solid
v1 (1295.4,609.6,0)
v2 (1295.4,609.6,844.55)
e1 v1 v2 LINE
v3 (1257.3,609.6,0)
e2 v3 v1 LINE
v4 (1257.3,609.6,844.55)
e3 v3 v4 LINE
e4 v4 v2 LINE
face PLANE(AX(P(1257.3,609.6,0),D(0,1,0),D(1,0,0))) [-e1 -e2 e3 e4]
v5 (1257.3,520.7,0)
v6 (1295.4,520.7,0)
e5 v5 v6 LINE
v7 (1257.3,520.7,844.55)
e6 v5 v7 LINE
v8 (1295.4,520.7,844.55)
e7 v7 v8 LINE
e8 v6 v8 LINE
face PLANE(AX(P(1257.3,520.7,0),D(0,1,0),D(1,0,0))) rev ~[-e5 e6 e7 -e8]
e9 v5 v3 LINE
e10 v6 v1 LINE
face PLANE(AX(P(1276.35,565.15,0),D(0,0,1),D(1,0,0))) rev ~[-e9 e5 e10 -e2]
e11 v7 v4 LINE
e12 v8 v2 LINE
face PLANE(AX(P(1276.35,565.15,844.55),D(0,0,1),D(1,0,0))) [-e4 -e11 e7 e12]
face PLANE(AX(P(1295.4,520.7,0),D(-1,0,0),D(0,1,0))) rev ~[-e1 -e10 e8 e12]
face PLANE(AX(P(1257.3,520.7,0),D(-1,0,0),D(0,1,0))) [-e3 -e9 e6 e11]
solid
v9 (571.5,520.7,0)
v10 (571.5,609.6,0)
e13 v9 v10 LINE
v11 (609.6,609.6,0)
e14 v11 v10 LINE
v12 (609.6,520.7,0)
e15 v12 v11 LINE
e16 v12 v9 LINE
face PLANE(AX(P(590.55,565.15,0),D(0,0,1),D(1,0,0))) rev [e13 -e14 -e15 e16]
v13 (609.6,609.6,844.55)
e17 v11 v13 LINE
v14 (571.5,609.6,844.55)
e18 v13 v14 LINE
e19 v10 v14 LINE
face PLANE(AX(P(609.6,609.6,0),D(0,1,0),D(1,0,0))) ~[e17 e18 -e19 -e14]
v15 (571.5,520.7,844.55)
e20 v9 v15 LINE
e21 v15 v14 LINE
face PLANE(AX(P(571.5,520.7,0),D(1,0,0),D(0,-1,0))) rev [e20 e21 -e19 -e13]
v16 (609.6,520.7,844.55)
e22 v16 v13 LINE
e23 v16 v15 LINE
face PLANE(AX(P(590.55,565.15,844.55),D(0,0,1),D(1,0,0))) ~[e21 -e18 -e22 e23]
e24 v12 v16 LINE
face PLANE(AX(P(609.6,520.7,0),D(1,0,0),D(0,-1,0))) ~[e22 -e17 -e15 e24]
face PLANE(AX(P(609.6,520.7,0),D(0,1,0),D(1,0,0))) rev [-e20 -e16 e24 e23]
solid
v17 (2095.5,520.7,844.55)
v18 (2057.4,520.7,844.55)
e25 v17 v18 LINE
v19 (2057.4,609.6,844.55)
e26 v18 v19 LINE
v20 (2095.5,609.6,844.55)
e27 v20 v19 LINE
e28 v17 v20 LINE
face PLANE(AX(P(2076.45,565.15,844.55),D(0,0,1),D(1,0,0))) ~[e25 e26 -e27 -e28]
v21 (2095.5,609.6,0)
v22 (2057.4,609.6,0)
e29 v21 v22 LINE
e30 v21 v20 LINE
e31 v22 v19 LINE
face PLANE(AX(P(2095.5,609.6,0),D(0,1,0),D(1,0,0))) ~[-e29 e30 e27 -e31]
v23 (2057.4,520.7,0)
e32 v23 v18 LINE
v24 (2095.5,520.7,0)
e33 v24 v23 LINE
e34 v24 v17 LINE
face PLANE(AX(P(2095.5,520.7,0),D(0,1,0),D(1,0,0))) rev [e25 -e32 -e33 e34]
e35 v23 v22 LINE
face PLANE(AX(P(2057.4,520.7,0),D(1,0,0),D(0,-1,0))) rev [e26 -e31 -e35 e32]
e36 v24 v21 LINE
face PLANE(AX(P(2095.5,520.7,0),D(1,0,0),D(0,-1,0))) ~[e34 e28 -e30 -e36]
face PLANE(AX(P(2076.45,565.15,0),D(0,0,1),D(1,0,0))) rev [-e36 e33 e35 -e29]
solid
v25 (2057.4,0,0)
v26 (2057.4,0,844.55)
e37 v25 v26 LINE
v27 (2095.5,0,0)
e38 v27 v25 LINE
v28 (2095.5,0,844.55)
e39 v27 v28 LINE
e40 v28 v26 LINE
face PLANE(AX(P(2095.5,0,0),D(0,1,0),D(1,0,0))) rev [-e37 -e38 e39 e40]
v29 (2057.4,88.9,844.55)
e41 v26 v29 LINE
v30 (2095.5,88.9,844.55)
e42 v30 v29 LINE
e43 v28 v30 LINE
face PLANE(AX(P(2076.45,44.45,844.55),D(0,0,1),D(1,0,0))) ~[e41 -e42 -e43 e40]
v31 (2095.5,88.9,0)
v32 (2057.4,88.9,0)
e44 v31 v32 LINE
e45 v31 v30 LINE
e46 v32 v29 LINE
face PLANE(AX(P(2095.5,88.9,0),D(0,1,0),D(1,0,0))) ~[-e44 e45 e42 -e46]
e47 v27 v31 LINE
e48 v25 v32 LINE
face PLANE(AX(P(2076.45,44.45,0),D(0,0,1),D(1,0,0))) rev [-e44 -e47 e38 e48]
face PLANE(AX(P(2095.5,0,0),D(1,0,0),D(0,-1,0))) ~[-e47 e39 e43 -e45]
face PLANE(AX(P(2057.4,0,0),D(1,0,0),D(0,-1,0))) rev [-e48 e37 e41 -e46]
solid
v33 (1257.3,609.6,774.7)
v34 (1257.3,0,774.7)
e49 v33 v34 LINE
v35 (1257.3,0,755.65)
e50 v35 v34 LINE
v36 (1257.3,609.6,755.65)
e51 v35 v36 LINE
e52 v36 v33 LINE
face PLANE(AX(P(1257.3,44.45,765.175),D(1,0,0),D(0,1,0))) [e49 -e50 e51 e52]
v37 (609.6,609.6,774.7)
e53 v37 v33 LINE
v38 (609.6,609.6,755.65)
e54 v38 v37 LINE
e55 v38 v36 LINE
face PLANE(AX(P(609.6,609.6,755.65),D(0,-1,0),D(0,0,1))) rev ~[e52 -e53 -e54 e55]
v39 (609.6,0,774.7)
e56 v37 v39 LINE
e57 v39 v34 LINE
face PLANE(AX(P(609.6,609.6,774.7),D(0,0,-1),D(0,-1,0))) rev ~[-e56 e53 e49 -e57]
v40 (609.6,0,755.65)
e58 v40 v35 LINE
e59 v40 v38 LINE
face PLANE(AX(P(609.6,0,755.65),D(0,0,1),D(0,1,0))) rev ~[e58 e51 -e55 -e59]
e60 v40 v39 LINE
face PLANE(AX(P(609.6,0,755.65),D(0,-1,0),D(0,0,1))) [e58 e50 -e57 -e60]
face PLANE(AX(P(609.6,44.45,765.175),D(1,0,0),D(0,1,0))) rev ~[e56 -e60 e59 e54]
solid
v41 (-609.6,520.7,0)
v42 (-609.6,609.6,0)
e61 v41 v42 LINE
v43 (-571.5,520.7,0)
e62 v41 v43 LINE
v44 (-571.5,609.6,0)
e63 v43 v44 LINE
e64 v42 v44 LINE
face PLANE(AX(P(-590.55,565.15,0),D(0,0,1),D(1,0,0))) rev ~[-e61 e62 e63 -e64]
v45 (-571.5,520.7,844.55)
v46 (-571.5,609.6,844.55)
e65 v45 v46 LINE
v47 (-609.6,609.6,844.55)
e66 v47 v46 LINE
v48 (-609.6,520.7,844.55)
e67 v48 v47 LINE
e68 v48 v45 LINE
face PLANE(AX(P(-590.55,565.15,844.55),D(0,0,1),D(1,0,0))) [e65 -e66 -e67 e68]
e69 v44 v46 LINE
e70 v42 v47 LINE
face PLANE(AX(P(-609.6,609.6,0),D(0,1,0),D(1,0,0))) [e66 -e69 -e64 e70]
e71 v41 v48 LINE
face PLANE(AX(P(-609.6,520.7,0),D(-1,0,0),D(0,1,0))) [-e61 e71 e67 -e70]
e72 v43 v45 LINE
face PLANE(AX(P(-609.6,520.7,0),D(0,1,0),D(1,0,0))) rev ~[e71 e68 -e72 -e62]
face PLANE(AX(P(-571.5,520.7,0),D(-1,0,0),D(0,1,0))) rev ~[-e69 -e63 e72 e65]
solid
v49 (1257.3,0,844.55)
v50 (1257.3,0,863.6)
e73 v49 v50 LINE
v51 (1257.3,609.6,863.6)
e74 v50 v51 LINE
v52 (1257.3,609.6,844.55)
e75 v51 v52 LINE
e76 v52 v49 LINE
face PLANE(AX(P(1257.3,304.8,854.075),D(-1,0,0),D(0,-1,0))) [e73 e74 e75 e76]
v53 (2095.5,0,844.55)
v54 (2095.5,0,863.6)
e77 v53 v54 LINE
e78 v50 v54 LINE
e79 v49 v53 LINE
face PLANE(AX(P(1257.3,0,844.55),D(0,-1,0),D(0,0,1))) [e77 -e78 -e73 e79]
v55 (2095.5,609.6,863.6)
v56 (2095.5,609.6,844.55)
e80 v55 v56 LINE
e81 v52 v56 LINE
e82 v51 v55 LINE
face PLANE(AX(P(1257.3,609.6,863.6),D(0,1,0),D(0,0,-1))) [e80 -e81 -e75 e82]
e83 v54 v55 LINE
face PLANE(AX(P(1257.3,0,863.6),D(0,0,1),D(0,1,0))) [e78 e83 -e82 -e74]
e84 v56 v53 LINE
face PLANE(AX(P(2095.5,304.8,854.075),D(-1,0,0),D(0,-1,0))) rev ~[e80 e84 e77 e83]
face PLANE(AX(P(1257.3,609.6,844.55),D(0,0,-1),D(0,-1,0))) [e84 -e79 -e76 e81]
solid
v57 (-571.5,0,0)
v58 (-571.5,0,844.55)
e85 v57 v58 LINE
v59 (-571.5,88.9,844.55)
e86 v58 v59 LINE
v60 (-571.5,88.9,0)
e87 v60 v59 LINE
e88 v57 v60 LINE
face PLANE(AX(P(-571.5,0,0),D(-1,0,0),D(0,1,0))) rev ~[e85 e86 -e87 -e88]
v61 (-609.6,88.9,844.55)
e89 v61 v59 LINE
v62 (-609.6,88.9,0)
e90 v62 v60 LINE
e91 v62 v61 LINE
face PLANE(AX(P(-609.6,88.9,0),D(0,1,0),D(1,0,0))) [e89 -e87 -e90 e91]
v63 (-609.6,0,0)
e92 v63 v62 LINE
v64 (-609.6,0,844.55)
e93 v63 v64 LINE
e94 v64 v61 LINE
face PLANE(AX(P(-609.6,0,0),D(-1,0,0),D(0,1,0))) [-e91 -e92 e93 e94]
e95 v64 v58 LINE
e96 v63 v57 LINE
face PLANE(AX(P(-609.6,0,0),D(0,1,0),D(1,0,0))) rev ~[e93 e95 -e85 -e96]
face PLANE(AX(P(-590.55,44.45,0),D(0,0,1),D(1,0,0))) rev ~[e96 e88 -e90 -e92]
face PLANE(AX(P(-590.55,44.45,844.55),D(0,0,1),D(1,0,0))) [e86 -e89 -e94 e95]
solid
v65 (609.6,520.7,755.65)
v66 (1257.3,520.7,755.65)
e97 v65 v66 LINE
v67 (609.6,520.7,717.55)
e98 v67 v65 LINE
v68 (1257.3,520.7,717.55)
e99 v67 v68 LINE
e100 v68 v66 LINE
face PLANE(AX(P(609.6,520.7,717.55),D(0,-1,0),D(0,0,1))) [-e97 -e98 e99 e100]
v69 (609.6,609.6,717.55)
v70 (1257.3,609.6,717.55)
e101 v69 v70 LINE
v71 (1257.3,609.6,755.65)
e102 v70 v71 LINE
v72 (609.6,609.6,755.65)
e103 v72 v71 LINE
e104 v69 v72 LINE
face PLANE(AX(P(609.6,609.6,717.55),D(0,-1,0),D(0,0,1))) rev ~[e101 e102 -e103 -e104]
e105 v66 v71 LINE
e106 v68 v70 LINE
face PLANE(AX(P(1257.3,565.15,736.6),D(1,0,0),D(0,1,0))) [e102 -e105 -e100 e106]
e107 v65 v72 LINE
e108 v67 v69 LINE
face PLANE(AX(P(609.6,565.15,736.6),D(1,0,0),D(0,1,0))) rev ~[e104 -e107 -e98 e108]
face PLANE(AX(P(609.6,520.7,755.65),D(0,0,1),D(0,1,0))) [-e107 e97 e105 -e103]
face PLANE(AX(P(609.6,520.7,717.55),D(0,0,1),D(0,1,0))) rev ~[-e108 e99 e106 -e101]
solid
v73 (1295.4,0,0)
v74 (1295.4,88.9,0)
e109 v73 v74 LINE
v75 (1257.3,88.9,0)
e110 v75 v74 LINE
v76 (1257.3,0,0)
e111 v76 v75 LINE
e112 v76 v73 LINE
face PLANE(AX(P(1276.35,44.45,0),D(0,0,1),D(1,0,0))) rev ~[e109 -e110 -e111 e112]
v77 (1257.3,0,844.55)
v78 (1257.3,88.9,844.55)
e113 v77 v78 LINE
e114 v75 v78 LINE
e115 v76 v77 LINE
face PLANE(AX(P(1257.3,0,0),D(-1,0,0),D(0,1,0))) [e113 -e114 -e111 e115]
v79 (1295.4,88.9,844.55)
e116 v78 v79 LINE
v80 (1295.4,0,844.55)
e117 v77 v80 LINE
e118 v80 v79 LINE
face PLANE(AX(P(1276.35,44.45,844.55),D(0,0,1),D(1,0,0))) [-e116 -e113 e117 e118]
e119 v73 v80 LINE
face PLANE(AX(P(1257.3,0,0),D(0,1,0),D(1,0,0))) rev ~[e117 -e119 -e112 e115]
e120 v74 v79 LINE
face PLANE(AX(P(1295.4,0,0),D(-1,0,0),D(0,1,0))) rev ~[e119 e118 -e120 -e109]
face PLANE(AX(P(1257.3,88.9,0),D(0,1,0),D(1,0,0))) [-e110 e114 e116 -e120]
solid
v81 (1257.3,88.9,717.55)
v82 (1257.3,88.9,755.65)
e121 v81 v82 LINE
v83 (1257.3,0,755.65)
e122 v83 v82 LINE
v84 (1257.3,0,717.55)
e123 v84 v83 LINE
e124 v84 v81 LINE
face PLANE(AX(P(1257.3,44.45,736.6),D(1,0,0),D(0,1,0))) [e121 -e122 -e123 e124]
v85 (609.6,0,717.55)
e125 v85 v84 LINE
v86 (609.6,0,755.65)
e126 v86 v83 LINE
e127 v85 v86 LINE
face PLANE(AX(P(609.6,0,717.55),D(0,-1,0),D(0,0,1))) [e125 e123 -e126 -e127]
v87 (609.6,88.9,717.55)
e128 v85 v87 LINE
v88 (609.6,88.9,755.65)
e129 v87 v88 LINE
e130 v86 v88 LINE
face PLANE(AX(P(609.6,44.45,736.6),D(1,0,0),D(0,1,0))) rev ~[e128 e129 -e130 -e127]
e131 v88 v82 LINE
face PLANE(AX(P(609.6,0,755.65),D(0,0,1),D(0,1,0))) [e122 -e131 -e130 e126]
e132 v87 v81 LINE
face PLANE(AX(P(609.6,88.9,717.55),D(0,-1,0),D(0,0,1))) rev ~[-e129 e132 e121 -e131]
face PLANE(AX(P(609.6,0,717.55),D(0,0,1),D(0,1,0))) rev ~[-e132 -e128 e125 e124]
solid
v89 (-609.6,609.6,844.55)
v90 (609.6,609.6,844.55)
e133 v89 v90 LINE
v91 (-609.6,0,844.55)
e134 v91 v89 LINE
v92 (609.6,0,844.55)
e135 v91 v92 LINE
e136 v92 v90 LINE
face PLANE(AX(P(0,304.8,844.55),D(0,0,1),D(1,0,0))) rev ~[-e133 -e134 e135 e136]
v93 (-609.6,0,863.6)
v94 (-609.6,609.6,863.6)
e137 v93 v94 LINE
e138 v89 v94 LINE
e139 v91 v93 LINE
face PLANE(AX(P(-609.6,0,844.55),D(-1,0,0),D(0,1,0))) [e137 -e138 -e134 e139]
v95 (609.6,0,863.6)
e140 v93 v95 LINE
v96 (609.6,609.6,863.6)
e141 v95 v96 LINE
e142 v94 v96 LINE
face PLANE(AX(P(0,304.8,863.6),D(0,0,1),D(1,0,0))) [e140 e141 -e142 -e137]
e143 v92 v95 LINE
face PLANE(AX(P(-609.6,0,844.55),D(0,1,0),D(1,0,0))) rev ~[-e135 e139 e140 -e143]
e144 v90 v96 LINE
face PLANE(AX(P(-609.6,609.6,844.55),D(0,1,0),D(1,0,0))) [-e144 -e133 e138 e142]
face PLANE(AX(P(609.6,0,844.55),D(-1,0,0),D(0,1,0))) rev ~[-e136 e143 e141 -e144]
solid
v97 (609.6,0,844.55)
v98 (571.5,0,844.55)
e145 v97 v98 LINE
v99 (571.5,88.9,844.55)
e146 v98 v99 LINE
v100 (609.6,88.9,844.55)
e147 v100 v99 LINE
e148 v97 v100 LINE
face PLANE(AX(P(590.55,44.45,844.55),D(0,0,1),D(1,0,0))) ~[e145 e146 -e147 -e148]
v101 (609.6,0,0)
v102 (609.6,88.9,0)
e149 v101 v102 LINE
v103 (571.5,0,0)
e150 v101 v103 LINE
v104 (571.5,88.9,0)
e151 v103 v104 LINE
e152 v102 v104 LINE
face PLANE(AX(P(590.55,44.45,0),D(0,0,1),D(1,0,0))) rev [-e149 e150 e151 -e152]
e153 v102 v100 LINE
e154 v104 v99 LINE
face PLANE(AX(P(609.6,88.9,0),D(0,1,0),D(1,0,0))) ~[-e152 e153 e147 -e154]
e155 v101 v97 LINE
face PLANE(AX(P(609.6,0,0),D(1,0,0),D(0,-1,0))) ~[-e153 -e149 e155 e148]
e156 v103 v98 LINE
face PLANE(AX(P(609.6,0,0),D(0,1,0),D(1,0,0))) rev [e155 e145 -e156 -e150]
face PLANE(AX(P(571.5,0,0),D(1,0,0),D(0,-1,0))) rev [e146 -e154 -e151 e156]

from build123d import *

# Parameters (mm, degrees)
F0_W      = 38.1
F0_H      = 88.9
F1_DEPTH  = 844.55
F4_W      = 1219.2
F4_H      = 609.6
F5_DEPTH  = 19.05
F6_W      = 88.9
F6_H      = 38.1
F7_DEPTH  = 647.7
F6_H_2    = 19.05
F6_W_2    = 431.8
F8_DEPTH  = 647.7
F15_DEPTH = 838.1999999997


with BuildPart() as f1:
    # F0 (on Top) → F1 (new body)
    with BuildSketch(Plane.XY):
        with Locations((-590.55, 565.15)):
            Rectangle(F0_W, F0_H)
    extrude(amount=F1_DEPTH)


with BuildPart() as f1b:
    # F0 (on Top) → F1, piece 2 (new body)
    with BuildSketch(Plane.XY):
        with Locations((-590.55, 44.45)):
            Rectangle(F0_W, F0_H)
    extrude(amount=F1_DEPTH)


with BuildPart() as f2_1:
    # F2: instance of F1b
    add(f1b.part.mirror(Plane.YZ))


with BuildPart() as f2_2:
    # F2: instance of F1
    add(f1.part.mirror(Plane.YZ))


with BuildPart() as f5:
    # F4 (on plane+point) → F5 (new body)
    with BuildSketch(Plane.XY.offset(844.55)):
        with Locations((0, 304.8)):
            Rectangle(F4_W, F4_H)
    extrude(amount=F5_DEPTH)


with BuildPart() as f7:
    # F6 (on face) → F7 (new body)
    with BuildSketch(Plane.YZ.offset(609.6)):
        with Locations((44.45, 736.6)):
            Rectangle(F6_W, F6_H)
    extrude(amount=F7_DEPTH)


with BuildPart() as f7b:
    # F6 (on face) → F7, piece 2 (new body)
    with BuildSketch(Plane.YZ.offset(609.6)):
        with Locations((565.15, 736.6)):
            Rectangle(F6_W, F6_H)
    extrude(amount=F7_DEPTH)


with BuildPart() as f8:
    # F6 (on face) → F8 (new body, through all)
    with BuildSketch(Plane.YZ.offset(609.6)):
        with Locations((44.45, 765.175)):
            Rectangle(F6_W, F6_H_2)
        with Locations((565.15, 765.175)):
            Rectangle(F6_W, F6_H_2)
        with Locations((304.8, 765.175)):
            Rectangle(F6_W_2, F6_H_2)
    extrude(amount=F8_DEPTH)


with BuildPart() as f11_1:
    # F11: instance of F2_1
    add(f2_1.part.mirror(Plane.YZ.offset(933.45)))


with BuildPart() as f11_2:
    # F11: instance of F2_2
    add(f2_2.part.mirror(Plane.YZ.offset(933.45)))


with BuildPart() as f13_1:
    # F13: instance of F11_1
    add(f11_1.part.mirror(Plane(origin=(1676.4, 44.45, 422.275), x_dir=(0, 1, 0), z_dir=(1, 0, 0))))


with BuildPart() as f13_2:
    # F13: instance of F11_2
    add(f11_2.part.mirror(Plane(origin=(1676.4, 44.45, 422.275), x_dir=(0, 1, 0), z_dir=(1, 0, 0))))


with BuildPart() as f15:
    # F14 (on face) → F15 (new body, through all)
    with BuildSketch(Plane(origin=(1257.3000000003, 0, 0), x_dir=(0, -1, 0), z_dir=(-1, 0, 0))):
        Polygon((-609.6, 863.6), (-609.6, 844.55), (-520.7, 844.55), (-88.9, 844.55), (0, 844.55), (0, 863.6), align=None)
    extrude(amount=-F15_DEPTH)


solid = Compound([f1.part, f1b.part, f2_1.part, f2_2.part, f5.part, f7.part, f7b.part, f8.part, f11_1.part, f11_2.part, f13_1.part, f13_2.part, f15.part])
